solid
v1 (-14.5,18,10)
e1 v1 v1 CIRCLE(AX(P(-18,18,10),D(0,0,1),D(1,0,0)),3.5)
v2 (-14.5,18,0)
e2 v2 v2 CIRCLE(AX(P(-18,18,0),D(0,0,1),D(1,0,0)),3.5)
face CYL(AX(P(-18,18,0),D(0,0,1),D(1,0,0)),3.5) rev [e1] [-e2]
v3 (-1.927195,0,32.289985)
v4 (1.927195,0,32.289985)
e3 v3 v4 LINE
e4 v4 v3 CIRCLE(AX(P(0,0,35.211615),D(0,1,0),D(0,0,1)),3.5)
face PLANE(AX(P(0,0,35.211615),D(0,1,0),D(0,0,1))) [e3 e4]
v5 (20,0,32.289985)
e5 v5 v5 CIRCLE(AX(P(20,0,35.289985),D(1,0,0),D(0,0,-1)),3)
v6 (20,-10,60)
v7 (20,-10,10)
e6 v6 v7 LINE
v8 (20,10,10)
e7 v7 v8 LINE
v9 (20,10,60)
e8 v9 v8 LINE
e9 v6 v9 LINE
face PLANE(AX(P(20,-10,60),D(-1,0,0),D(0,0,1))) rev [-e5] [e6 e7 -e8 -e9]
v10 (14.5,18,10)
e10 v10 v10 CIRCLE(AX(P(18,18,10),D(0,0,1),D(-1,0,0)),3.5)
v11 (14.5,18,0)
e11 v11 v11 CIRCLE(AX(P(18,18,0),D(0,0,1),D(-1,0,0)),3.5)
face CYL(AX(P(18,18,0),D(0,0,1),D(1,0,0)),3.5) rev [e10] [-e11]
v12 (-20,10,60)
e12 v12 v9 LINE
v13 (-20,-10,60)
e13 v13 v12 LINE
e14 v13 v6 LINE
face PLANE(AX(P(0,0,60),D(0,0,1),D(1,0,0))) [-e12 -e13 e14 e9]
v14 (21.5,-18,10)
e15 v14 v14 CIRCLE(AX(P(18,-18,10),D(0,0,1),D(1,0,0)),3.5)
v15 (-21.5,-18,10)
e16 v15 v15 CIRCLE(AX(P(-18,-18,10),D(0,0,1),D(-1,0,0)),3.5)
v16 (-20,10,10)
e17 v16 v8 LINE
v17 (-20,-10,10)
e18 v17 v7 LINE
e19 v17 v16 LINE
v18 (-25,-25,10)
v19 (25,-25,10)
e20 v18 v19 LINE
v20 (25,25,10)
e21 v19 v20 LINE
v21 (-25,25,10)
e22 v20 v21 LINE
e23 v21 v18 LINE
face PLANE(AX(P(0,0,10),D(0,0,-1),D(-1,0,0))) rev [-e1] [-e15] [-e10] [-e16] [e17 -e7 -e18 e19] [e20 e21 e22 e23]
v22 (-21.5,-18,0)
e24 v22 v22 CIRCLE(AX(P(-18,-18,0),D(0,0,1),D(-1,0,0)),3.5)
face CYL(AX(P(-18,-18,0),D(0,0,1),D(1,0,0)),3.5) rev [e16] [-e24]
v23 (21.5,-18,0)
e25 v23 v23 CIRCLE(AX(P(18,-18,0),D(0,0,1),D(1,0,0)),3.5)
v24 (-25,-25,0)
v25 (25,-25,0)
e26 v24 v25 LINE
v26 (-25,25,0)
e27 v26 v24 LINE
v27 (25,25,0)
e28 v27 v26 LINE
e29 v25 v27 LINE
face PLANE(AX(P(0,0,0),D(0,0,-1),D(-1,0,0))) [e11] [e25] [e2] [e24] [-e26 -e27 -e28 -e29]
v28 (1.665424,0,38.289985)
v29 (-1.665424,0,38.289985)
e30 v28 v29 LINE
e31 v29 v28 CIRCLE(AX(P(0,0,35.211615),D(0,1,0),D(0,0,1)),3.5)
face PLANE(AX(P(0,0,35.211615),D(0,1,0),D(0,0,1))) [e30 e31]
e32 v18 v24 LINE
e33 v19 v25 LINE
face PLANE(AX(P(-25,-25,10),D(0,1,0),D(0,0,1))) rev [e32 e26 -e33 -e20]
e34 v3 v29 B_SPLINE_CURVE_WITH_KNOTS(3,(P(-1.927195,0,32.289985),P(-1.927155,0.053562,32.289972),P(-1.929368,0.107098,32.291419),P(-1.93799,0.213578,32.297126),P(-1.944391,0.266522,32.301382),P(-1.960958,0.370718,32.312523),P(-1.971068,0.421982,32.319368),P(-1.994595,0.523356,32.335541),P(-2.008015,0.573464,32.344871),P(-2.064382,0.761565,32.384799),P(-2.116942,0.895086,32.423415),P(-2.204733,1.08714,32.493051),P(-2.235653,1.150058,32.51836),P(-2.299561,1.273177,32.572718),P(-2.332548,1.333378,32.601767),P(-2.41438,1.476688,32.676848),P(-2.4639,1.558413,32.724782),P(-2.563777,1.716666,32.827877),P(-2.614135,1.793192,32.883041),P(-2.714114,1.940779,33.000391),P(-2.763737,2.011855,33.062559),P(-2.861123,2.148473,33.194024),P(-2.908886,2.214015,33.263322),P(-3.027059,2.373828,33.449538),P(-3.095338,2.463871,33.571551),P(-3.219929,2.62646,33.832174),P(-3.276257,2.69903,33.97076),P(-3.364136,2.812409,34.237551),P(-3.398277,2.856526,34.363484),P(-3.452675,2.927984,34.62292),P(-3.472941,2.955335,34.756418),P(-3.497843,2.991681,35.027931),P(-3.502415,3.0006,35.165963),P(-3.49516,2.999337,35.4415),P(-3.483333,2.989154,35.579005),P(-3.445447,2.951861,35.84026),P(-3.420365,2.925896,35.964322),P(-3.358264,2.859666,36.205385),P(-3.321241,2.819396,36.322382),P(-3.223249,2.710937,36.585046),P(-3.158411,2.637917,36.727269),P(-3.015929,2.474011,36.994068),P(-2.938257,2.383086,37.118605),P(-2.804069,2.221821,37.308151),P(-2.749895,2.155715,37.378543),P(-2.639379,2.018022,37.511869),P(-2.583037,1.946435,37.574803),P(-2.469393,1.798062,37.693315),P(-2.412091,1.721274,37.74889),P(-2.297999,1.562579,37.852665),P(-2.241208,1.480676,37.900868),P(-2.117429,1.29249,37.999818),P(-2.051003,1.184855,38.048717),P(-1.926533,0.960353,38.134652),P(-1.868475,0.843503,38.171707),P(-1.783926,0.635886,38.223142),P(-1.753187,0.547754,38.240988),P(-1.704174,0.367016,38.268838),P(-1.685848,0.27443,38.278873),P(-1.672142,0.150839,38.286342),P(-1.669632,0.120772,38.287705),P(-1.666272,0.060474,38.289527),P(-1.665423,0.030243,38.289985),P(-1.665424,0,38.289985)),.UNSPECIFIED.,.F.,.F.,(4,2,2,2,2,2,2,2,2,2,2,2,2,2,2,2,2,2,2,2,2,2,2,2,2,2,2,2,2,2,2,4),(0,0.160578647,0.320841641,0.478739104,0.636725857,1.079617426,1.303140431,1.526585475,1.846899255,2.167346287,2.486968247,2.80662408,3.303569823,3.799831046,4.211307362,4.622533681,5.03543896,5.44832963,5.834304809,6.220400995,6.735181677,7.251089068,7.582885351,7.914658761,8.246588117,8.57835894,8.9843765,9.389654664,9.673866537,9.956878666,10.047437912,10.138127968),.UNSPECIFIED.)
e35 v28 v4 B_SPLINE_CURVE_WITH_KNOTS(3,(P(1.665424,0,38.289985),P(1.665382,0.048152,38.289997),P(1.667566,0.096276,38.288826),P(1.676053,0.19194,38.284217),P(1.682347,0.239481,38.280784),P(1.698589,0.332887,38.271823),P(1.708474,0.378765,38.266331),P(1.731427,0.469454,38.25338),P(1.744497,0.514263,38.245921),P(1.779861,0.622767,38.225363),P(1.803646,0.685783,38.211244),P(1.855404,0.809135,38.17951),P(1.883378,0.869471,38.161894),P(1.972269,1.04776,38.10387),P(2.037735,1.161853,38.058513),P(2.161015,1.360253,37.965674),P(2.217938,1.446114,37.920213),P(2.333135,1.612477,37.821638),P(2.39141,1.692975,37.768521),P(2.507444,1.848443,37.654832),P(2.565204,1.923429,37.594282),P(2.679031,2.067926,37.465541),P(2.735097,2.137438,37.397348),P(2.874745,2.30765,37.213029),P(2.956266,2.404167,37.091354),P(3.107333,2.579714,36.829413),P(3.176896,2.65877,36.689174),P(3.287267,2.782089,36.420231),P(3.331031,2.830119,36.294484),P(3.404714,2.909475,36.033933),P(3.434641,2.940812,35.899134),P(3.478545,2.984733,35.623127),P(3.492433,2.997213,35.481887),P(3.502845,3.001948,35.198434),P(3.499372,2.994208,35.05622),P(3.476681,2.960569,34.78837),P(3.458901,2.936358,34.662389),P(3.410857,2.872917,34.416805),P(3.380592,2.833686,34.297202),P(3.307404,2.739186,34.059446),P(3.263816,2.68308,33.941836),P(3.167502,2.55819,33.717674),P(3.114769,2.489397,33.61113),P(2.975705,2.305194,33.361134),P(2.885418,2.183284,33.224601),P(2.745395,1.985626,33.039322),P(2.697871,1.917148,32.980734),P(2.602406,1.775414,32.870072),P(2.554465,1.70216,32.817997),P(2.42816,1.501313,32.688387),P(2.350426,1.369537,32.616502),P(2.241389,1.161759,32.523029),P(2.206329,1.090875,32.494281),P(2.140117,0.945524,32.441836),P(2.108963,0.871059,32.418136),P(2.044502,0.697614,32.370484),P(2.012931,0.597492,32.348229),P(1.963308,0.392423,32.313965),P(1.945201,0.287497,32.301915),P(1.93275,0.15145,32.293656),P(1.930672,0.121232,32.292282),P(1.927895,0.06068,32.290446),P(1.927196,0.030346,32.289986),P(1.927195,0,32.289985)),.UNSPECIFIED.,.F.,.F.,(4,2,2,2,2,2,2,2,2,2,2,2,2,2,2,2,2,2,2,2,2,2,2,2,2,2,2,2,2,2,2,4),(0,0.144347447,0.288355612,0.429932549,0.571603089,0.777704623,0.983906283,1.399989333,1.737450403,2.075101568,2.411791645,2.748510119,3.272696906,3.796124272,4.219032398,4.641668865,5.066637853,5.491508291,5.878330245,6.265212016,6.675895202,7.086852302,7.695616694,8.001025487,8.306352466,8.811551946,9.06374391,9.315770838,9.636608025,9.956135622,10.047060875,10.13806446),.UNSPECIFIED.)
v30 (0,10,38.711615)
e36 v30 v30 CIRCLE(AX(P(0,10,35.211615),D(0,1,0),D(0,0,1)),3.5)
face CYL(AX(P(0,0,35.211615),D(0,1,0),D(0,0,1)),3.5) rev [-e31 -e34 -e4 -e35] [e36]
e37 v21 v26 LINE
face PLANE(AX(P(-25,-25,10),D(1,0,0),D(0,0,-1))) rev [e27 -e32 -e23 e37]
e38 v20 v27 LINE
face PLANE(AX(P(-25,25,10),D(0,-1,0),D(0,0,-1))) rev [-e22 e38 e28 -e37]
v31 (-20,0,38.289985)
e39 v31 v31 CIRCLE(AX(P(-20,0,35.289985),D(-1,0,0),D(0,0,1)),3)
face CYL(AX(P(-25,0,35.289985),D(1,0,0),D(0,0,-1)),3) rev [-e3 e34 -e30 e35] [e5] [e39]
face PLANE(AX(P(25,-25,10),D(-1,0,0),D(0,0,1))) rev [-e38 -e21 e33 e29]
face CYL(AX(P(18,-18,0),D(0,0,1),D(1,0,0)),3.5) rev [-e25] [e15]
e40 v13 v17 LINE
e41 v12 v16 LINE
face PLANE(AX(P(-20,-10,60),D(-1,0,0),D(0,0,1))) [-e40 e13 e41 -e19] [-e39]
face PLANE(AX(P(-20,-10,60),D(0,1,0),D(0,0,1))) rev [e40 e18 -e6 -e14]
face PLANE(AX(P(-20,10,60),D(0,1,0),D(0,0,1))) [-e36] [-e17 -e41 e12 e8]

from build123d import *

# Parameters (mm, degrees)
SKETCH1_W           = 50
SKETCH1_H           = 50
BOSS_EXTRUDE1_DEPTH = 10
SKETCH2_W           = 40
SKETCH2_H           = 20
BOSS_EXTRUDE2_DEPTH = 50
SKETCH3_R           = 3.5
CUT_EXTRUDE1_DEPTH  = 10
SKETCH4_R           = 3
CUT_EXTRUDE2_DEPTH  = 46
SKETCH5_R           = 3.5
CUT_EXTRUDE3_DEPTH  = 10


with BuildPart() as part:
    # Sketch1 → Boss-Extrude1 (new body)
    with BuildSketch(Plane.XY):
        Rectangle(SKETCH1_W, SKETCH1_H)
    extrude(amount=BOSS_EXTRUDE1_DEPTH)

    # Sketch2 → Boss-Extrude2 (add)
    with BuildSketch(Plane.XY.offset(10)):
        Rectangle(SKETCH2_W, SKETCH2_H)
    extrude(amount=BOSS_EXTRUDE2_DEPTH)

    # Sketch3 → Cut-Extrude1 (cut)
    with BuildSketch(Plane.XY.offset(10)):
        with Locations((-18, 18)):
            Circle(SKETCH3_R)
        with Locations((18, 18)):
            Circle(SKETCH3_R)
        with Locations((18, -18)):
            Circle(SKETCH3_R)
        with Locations((-18, -18)):
            Circle(SKETCH3_R)
    extrude(amount=-CUT_EXTRUDE1_DEPTH, mode=Mode.SUBTRACT)

    # Sketch4 → Cut-Extrude2 (cut, through all)
    with BuildSketch(Plane(origin=(20, 0, 0), x_dir=(0, 0, -1), z_dir=(1, 0, 0))):
        with Locations((-35.289984846, 0)):
            Circle(SKETCH4_R)
    extrude(amount=-CUT_EXTRUDE2_DEPTH, mode=Mode.SUBTRACT)

    # Sketch5 → Cut-Extrude3 (cut)
    with BuildSketch(Plane(origin=(0, 10, 0), x_dir=(1, 0, 0), z_dir=(0, 1, 0))):
        with Locations((0, -35.211614701)):
            Circle(SKETCH5_R)
    extrude(amount=-CUT_EXTRUDE3_DEPTH, mode=Mode.SUBTRACT)


solid = part.part
